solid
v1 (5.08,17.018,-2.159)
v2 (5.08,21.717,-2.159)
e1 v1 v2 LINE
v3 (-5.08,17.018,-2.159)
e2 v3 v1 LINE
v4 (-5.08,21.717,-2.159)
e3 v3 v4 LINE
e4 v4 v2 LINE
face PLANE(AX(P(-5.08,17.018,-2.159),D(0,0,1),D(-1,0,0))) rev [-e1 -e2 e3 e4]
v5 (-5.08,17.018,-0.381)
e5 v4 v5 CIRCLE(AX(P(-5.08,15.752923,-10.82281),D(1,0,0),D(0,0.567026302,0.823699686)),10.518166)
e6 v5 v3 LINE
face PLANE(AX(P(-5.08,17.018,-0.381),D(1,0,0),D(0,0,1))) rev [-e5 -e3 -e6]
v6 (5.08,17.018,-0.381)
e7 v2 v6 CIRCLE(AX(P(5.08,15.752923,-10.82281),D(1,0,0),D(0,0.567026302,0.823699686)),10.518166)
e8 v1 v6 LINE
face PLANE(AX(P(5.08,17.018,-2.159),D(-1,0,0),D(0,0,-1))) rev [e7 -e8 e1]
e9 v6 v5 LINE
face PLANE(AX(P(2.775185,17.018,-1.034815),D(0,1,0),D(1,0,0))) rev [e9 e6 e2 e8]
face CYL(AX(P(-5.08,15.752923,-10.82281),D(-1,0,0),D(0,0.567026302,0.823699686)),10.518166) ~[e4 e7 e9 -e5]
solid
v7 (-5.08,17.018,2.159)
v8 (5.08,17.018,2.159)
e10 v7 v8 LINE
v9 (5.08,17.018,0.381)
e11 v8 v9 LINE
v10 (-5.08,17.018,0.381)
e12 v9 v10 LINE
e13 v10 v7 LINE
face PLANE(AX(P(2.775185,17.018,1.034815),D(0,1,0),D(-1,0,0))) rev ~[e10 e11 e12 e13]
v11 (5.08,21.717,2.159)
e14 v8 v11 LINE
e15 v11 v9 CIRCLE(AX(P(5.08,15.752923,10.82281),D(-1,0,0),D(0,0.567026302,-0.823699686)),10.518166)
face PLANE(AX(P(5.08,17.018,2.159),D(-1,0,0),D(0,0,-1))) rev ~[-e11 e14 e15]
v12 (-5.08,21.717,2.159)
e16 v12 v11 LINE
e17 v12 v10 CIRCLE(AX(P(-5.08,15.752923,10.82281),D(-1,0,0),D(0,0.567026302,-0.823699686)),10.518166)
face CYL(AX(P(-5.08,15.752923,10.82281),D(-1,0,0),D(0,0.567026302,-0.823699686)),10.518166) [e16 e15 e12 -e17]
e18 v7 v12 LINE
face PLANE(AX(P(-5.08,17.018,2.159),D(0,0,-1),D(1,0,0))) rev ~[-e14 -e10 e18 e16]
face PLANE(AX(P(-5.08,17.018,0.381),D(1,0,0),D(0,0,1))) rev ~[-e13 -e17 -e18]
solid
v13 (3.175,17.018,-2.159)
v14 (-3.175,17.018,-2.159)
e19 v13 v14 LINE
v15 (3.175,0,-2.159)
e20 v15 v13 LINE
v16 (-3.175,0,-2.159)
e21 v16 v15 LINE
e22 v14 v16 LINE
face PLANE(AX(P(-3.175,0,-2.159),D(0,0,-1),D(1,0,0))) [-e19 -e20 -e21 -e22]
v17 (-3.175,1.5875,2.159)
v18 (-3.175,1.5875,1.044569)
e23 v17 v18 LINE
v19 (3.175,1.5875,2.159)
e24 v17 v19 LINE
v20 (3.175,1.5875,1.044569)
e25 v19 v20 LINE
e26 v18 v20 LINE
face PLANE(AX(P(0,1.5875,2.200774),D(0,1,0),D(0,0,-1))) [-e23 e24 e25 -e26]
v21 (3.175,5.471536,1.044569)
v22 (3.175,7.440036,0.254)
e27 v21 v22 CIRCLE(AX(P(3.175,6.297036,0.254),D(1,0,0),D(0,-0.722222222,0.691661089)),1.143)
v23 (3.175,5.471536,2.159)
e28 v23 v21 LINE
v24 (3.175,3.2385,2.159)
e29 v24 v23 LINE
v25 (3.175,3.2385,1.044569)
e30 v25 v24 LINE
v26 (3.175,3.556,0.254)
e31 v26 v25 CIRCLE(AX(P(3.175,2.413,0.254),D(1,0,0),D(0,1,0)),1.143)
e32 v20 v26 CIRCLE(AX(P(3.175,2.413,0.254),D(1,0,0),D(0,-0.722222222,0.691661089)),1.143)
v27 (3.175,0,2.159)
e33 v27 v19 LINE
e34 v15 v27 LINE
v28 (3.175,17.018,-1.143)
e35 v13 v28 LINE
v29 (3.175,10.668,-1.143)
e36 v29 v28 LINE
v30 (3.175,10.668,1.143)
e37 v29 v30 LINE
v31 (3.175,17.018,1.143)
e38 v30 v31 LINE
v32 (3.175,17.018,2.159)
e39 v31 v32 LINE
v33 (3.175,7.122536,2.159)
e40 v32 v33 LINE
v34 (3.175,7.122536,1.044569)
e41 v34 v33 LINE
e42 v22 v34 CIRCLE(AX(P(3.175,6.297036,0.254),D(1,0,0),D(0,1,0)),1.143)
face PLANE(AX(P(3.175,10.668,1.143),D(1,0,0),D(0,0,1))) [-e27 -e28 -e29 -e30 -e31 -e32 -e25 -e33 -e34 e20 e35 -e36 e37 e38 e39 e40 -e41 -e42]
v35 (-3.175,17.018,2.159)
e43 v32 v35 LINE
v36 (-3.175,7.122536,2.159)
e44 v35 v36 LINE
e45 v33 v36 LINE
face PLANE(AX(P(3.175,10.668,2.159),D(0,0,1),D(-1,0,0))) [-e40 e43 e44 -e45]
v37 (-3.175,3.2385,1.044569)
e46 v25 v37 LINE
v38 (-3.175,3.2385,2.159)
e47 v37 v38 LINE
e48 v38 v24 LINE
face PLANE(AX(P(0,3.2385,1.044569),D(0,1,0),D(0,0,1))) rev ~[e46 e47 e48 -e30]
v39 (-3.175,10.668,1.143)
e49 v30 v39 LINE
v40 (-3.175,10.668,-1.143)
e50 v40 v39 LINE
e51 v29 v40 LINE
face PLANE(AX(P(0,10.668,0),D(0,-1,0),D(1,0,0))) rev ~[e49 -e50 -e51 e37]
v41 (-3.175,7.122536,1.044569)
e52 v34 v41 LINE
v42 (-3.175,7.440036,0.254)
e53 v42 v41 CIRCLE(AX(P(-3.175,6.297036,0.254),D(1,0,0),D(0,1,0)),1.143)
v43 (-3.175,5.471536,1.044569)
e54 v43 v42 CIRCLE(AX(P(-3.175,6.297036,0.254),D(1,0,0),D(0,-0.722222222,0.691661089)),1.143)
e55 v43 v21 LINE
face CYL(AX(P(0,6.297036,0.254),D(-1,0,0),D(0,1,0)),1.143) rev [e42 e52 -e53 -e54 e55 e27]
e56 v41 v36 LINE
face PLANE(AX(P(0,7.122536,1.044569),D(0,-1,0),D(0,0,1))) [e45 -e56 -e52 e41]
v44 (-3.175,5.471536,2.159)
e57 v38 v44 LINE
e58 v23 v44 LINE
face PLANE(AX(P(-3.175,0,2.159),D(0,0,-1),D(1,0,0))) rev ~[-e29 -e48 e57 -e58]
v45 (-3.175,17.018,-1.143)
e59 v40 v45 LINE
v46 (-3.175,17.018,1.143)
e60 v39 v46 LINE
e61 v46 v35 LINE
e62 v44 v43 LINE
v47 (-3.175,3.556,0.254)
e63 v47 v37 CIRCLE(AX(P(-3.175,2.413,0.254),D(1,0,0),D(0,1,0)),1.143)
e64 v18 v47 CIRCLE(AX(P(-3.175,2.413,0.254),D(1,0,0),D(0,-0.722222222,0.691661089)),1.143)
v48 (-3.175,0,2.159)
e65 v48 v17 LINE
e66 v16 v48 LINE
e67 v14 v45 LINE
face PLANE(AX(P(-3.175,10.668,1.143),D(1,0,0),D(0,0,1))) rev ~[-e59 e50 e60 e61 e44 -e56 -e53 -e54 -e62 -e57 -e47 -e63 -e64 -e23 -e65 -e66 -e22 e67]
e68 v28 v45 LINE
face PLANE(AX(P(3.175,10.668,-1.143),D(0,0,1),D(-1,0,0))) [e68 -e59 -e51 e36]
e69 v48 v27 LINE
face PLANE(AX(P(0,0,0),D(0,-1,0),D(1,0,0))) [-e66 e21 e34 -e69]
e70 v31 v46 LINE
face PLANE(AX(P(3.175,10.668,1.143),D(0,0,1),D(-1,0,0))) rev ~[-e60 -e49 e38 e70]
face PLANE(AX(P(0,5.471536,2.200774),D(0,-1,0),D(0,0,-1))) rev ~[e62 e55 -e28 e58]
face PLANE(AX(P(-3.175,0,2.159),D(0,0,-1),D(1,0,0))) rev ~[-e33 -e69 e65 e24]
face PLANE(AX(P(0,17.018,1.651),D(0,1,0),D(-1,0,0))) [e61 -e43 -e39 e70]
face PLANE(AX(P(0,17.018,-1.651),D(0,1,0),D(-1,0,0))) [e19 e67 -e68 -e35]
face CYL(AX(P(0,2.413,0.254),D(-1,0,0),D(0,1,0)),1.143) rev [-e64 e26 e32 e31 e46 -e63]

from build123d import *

# Parameters (mm, degrees)
F0_W     = 6.35
F0_H     = 4.318
F1_DEPTH = 10.668
F3_DEPTH = 3.175
F4_W     = 6.35
F4_H     = 1.016
F5_DEPTH = 6.35
F6_W     = 3.175
F6_H     = 1.016
F7_DEPTH = 4.699
F9_DEPTH = 10.16


with BuildPart() as f1:
    # F0 (on Front) → F1 (new body)
    with BuildSketch(Plane.XZ):
        Rectangle(F0_W, F0_H)
    extrude(amount=-F1_DEPTH)

    # F2 (on Right) → F3 (cut, symmetric)
    with BuildSketch(Plane.YZ):
        with BuildLine():
            ThreePointArc((1.5875, 1.0445686245), (1.9870290503, -0.8066591111), (3.556, 0.254))
            ThreePointArc((3.556, 0.254), (3.4736591111, 0.6799709497), (3.2385, 1.0445686245))
            Line((3.2385, 1.0445686245), (3.2385, 0.7229302428))
            Line((3.2385, 0.7229302428), (2.413, 0.7229302428))
            Line((2.413, 0.7229302428), (1.5875, 0.7229302428))
            Line((1.5875, 0.7229302428), (1.5875, 1.0445686245))
        make_face()
        with BuildLine():
            Line((3.2385, 0.7229302428), (3.2385, 1.0445686245))
            ThreePointArc((3.2385, 1.0445686245), (2.8617923029, 1.3052061971), (2.413, 1.397))
            Line((2.413, 1.397), (2.413, 0.7229302428))
            Line((2.413, 0.7229302428), (3.2385, 0.7229302428))
        make_face()
        with BuildLine():
            ThreePointArc((2.413, 1.397), (2.8617923029, 1.3052061971), (3.2385, 1.0445686245))
            Line((3.2385, 1.0445686245), (3.2385, 2.2007736843))
            Line((3.2385, 2.2007736843), (2.413, 2.2007736843))
            Line((2.413, 2.2007736843), (2.413, 1.397))
        make_face()
        with BuildLine():
            Line((1.5875, 2.2007736843), (1.5875, 1.0445686245))
            ThreePointArc((1.5875, 1.0445686245), (1.9642076971, 1.3052061971), (2.413, 1.397))
            Line((2.413, 1.397), (2.413, 2.2007736843))
            Line((2.413, 2.2007736843), (1.5875, 2.2007736843))
        make_face()
        with BuildLine():
            ThreePointArc((2.413, 1.397), (1.9642076971, 1.3052061971), (1.5875, 1.0445686245))
            Line((1.5875, 1.0445686245), (1.5875, 0.7229302428))
            Line((1.5875, 0.7229302428), (2.413, 0.7229302428))
            Line((2.413, 0.7229302428), (2.413, 1.397))
        make_face()
        with BuildLine():
            ThreePointArc((5.4715363942, 1.0445686245), (5.8710654445, -0.8066591111), (7.4400363942, 0.254))
            ThreePointArc((7.4400363942, 0.254), (7.3576955054, 0.6799709497), (7.1225363942, 1.0445686245))
            Line((7.1225363942, 1.0445686245), (7.1225363942, 0.7229302428))
            Line((7.1225363942, 0.7229302428), (6.2970363942, 0.7229302428))
            Line((6.2970363942, 0.7229302428), (5.4715363942, 0.7229302428))
            Line((5.4715363942, 0.7229302428), (5.4715363942, 1.0445686245))
        make_face()
        with BuildLine():
            Line((7.1225363942, 0.7229302428), (7.1225363942, 1.0445686245))
            ThreePointArc((7.1225363942, 1.0445686245), (6.7458286971, 1.3052061971), (6.2970363942, 1.397))
            Line((6.2970363942, 1.397), (6.2970363942, 0.7229302428))
            Line((6.2970363942, 0.7229302428), (7.1225363942, 0.7229302428))
        make_face()
        with BuildLine():
            ThreePointArc((6.2970363942, 1.397), (6.7458286971, 1.3052061971), (7.1225363942, 1.0445686245))
            Line((7.1225363942, 1.0445686245), (7.1225363942, 2.2007736843))
            Line((7.1225363942, 2.2007736843), (6.2970363942, 2.2007736843))
            Line((6.2970363942, 2.2007736843), (6.2970363942, 1.397))
        make_face()
        with BuildLine():
            Line((5.4715363942, 2.2007736843), (5.4715363942, 1.0445686245))
            ThreePointArc((5.4715363942, 1.0445686245), (5.8482440914, 1.3052061971), (6.2970363942, 1.397))
            Line((6.2970363942, 1.397), (6.2970363942, 2.2007736843))
            Line((6.2970363942, 2.2007736843), (5.4715363942, 2.2007736843))
        make_face()
        with BuildLine():
            ThreePointArc((6.2970363942, 1.397), (5.8482440914, 1.3052061971), (5.4715363942, 1.0445686245))
            Line((5.4715363942, 1.0445686245), (5.4715363942, 0.7229302428))
            Line((5.4715363942, 0.7229302428), (6.2970363942, 0.7229302428))
            Line((6.2970363942, 0.7229302428), (6.2970363942, 1.397))
        make_face()
    extrude(amount=F3_DEPTH, both=True, mode=Mode.SUBTRACT)

    # F4 (on face) → F5 (join)
    with BuildSketch(Plane(origin=(0, 10.668, 0), x_dir=(-1, 0, 0), z_dir=(0, 1, 0))):
        with Locations((0, 1.651)):
            Rectangle(F4_W, F4_H)
        with Locations((0, -1.651)):
            Rectangle(F4_W, F4_H)
    extrude(amount=F5_DEPTH)


with BuildPart() as f7:
    # F6 (on face) → F7 (new body)
    with BuildSketch(Plane(origin=(0, 17.018, 0), x_dir=(-1, 0, 0), z_dir=(0, 1, 0))):
        Polygon((-3.175, 1.143), (-3.175, 2.159), (-5.08, 2.159), (-5.08, 0.381), (0, 0.381), (0, 1.143), align=None)
        with Locations((-1.5875, 1.651)):
            Rectangle(F6_W, F6_H)
        with Locations((1.5875, 1.651)):
            Rectangle(F6_W, F6_H)
        Polygon((3.175, 1.143), (0, 1.143), (0, 0.381), (5.08, 0.381), (5.08, 2.159), (3.175, 2.159), align=None)
    extrude(amount=F7_DEPTH)

    # F8 (on face) → F9 (intersect, through all)
    with BuildSketch(Plane(origin=(-5.08, 0, 0), x_dir=(0, -1, 0), z_dir=(-1, 0, 0))):
        with BuildLine():
            Line((-17.018, 2.159), (-21.717, 2.159))
            ThreePointArc((-21.717, 2.159), (-19.4752190576, 0.9853139193), (-17.018, 0.381))
            Line((-17.018, 0.381), (-17.018, 2.159))
        make_face()
    extrude(amount=-F9_DEPTH, mode=Mode.INTERSECT)


with BuildPart() as f10_1:
    # F10: instance of F7
    add(f7.part.mirror(Plane.XY))


solid = Compound([f1.part, f7.part, f10_1.part])
